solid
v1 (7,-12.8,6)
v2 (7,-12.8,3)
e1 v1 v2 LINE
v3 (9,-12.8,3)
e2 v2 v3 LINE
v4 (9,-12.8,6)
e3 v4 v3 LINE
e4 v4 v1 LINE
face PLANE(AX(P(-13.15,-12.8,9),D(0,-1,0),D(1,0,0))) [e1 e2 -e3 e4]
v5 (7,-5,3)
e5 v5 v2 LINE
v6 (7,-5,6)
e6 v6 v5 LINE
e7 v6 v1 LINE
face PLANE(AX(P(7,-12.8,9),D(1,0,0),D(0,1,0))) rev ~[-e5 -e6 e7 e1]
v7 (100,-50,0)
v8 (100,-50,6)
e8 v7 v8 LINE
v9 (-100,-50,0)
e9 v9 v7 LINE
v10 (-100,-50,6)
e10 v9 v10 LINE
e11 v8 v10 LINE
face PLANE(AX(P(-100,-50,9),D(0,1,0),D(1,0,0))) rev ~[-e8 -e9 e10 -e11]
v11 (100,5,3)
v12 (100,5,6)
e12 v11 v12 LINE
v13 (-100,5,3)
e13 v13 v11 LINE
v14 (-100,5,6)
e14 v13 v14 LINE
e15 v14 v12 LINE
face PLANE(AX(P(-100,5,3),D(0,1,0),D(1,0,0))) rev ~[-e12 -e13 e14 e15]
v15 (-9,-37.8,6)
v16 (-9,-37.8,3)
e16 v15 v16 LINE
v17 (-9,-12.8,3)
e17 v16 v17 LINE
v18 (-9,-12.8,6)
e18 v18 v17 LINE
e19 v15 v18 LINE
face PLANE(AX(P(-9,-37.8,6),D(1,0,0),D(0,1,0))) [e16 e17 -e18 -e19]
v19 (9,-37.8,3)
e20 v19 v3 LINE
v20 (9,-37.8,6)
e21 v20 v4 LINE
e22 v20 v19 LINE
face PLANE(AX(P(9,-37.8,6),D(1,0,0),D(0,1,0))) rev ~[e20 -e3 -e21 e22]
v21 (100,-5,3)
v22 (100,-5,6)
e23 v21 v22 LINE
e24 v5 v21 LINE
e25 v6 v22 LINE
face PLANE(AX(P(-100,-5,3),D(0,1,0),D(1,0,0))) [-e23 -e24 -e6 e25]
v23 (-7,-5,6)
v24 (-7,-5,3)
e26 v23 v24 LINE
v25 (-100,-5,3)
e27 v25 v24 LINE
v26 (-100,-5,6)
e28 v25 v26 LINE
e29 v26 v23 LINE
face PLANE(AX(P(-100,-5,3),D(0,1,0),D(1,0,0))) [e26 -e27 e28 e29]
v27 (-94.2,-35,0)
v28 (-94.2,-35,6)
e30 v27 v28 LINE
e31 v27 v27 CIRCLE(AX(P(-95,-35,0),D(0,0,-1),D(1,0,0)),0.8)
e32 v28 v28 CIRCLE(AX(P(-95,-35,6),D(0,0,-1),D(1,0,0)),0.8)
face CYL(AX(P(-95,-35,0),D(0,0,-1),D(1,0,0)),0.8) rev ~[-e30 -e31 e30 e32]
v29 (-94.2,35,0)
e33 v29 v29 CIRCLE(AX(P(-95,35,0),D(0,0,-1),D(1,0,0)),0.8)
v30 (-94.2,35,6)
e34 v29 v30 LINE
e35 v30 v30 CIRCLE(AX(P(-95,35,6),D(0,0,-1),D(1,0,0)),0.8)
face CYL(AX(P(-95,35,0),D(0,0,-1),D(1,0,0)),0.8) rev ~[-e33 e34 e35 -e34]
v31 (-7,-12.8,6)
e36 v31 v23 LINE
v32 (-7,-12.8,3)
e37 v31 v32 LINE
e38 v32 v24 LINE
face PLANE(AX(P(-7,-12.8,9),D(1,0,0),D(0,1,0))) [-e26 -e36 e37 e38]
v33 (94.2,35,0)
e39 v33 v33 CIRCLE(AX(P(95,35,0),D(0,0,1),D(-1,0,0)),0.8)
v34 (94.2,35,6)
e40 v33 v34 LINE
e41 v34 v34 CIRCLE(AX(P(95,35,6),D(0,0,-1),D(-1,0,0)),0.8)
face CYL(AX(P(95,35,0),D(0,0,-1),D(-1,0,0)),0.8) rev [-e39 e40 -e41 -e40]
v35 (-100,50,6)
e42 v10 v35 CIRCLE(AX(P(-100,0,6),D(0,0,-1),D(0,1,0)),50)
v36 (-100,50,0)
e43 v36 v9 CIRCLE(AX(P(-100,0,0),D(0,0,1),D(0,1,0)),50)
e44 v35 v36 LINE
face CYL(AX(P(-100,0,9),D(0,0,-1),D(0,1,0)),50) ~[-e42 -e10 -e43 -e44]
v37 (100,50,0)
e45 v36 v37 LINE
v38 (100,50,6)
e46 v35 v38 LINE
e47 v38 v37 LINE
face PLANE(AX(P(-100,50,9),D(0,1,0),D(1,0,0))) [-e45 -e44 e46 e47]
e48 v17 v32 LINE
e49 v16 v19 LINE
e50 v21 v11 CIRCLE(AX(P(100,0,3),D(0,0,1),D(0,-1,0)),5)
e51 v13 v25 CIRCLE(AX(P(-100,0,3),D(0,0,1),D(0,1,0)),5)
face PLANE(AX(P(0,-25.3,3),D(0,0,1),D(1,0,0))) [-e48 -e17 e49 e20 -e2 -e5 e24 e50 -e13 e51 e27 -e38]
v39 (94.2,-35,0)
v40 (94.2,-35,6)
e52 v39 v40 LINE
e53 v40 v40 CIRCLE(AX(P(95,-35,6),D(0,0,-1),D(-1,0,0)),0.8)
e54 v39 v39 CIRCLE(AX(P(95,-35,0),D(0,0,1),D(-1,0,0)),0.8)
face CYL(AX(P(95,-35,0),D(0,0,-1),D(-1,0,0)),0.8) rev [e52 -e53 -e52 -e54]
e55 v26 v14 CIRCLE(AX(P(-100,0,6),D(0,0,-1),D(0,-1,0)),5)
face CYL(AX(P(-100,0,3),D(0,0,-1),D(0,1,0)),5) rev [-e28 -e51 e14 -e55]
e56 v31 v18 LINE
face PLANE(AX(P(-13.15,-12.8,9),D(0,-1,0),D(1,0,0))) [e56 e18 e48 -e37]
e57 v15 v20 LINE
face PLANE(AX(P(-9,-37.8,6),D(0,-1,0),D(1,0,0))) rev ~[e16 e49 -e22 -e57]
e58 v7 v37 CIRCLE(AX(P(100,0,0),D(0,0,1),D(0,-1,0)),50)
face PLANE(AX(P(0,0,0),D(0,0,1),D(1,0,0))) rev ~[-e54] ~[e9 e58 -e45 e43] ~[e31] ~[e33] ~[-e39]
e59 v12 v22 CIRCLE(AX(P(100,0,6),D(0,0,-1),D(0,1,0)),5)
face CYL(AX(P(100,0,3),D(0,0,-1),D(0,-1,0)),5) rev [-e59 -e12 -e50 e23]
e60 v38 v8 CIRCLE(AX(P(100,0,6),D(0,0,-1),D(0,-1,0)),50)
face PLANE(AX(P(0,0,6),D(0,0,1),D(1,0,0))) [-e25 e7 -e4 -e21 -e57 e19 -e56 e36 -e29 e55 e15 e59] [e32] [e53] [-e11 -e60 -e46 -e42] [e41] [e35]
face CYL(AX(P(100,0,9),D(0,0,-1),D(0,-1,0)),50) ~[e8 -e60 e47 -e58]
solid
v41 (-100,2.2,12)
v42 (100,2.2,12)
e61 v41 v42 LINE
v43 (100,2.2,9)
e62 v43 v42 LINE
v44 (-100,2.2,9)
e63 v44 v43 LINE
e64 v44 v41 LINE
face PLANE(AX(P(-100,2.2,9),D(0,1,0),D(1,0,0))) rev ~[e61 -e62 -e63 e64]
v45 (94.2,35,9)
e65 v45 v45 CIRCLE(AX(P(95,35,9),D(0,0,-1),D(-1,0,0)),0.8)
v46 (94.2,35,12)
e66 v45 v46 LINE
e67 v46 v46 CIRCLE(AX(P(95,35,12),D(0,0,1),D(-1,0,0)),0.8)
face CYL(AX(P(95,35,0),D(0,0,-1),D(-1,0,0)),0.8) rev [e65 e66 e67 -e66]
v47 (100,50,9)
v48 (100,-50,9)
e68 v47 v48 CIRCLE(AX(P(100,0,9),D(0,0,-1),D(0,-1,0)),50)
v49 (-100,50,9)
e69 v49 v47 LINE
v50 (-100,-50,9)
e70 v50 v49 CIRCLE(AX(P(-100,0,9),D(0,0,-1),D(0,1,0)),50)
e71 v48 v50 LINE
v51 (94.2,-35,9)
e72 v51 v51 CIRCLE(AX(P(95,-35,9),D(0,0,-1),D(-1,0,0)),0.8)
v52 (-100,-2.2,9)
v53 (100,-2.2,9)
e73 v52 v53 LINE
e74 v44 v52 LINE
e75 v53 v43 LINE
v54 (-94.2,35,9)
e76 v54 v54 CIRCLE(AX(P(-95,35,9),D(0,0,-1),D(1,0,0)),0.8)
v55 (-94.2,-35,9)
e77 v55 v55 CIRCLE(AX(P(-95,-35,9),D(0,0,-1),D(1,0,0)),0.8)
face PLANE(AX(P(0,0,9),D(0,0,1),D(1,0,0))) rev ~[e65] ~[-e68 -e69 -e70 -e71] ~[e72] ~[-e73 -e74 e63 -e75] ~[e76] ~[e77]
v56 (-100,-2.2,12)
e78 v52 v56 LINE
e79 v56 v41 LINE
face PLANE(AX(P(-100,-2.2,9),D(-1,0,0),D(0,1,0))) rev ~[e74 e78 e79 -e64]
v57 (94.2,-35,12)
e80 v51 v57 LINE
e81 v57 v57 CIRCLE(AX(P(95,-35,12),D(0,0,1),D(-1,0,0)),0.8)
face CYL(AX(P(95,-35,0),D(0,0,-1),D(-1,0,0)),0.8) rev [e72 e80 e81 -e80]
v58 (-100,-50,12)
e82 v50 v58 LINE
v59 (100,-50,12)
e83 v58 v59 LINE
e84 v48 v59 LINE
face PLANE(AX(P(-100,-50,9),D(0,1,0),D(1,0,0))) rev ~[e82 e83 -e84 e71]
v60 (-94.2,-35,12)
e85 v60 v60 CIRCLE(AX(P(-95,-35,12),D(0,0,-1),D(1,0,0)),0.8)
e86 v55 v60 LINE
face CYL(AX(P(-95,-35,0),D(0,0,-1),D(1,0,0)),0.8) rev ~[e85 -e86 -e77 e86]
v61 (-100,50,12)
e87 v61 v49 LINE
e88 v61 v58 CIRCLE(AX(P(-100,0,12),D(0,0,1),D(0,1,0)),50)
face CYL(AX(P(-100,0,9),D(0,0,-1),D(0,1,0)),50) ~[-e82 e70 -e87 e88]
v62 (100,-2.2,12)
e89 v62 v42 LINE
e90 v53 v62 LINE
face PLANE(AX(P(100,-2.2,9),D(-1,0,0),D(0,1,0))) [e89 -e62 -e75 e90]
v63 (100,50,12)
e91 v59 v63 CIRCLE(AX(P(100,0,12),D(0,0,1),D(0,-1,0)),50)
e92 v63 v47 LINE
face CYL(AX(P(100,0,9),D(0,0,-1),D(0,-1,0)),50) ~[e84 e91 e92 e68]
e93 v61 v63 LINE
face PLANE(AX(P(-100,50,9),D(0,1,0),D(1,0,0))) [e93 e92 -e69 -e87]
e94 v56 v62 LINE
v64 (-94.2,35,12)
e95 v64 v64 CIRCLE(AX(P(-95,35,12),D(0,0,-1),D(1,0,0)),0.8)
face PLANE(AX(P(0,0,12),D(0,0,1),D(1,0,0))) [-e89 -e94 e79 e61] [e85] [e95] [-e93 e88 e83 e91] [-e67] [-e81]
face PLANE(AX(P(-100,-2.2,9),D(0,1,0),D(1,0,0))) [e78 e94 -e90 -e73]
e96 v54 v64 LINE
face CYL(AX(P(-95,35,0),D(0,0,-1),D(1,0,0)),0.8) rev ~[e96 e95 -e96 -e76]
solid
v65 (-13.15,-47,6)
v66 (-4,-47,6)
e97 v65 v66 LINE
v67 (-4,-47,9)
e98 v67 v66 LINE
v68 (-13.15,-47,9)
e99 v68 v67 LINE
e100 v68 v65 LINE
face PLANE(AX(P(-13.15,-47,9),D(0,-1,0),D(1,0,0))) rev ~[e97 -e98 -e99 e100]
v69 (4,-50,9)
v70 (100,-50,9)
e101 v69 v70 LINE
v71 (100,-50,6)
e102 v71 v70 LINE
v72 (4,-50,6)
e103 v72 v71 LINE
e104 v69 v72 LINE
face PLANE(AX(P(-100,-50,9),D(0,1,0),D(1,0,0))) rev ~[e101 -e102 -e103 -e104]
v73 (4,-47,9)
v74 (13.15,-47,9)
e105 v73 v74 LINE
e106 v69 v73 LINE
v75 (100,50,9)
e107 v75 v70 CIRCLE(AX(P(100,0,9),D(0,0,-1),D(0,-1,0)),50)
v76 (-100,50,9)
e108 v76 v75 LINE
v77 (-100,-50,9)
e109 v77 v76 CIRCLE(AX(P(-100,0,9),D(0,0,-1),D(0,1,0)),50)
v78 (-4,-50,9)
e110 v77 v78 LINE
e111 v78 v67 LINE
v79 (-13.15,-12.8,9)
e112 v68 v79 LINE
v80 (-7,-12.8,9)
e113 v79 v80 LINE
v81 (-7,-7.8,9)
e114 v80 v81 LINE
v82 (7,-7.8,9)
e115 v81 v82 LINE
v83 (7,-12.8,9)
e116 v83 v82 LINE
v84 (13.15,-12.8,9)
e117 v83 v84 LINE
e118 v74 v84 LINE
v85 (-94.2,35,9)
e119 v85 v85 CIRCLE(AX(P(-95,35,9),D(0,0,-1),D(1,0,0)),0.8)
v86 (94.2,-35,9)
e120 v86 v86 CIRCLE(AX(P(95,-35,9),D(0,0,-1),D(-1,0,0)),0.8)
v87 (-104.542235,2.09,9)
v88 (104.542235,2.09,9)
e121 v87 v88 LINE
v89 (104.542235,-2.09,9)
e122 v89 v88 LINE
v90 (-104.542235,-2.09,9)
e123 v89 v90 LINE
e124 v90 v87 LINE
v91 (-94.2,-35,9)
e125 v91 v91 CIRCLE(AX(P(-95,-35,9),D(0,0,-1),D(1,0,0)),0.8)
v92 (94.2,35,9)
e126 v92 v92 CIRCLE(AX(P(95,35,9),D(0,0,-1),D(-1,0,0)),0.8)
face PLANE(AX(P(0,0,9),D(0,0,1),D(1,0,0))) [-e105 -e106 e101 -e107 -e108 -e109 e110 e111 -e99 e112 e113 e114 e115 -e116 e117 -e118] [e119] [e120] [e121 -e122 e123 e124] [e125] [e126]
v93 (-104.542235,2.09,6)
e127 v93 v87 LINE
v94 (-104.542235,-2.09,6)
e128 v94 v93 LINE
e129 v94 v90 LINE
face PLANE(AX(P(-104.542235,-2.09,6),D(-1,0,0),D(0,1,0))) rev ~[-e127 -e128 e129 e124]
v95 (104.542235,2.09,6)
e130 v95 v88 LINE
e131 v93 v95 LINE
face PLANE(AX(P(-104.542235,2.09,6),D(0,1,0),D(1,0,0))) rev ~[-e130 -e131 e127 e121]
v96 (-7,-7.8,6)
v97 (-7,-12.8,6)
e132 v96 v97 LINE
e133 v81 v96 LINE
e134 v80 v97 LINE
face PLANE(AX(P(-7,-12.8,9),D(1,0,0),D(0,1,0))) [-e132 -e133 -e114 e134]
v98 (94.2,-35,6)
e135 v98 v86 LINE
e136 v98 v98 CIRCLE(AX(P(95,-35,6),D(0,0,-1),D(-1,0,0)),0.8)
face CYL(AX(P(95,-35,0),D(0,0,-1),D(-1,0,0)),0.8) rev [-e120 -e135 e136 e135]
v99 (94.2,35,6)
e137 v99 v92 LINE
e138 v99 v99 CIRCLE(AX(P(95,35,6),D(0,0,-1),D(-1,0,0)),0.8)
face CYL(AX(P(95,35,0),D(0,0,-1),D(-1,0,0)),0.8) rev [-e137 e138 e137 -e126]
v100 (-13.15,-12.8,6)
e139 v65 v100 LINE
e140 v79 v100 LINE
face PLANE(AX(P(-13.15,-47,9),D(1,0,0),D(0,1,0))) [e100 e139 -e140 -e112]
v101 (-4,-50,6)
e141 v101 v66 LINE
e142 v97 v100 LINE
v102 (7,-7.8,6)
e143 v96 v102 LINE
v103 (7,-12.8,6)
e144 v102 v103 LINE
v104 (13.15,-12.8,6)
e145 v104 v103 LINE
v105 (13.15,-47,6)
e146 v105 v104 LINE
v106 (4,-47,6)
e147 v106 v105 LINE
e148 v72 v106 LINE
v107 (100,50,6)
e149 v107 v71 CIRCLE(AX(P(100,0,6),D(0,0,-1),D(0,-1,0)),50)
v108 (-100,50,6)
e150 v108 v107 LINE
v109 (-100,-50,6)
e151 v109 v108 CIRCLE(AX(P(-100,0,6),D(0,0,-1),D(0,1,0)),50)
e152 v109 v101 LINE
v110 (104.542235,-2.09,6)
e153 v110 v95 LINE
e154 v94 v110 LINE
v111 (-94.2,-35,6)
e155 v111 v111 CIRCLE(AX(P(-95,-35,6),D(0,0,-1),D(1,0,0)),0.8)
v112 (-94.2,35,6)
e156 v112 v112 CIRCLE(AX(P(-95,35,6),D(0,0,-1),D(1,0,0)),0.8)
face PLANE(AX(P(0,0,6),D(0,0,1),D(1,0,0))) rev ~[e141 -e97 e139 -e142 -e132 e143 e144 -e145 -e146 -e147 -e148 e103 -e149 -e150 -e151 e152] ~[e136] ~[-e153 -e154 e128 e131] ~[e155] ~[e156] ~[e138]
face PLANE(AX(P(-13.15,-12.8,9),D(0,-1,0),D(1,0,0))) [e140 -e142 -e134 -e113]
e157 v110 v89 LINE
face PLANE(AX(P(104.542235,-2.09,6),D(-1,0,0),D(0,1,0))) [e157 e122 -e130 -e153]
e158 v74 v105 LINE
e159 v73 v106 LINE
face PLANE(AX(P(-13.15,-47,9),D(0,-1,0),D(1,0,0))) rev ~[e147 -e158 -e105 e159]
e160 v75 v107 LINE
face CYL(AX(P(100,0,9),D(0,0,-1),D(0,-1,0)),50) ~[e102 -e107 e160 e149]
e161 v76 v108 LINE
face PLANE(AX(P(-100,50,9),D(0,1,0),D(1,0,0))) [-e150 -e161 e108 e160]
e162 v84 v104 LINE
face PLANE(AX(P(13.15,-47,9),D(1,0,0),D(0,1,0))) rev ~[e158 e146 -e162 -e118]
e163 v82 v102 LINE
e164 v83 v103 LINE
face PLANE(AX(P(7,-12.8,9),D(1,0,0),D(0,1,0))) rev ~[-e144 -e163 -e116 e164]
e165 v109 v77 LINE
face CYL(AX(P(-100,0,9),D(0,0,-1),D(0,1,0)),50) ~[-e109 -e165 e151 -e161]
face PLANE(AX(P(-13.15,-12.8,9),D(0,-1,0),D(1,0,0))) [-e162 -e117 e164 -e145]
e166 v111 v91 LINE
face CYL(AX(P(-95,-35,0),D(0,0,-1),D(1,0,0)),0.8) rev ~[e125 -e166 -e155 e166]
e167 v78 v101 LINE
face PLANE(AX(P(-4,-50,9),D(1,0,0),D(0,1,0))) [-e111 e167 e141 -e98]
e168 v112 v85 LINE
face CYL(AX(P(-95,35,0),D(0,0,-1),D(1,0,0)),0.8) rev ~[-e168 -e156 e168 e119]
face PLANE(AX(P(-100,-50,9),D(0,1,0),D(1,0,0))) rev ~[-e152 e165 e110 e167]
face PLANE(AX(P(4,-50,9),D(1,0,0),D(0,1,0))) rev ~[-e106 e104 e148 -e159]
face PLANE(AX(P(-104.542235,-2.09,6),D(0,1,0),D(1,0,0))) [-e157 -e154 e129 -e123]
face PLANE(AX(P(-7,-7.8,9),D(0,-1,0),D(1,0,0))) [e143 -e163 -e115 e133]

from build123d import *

# Parameters (mm, degrees)
BOX_BOTTOM_HALF_0_W     = 301.98633
BOX_BOTTOM_HALF_0_H     = 102
BOX_BOTTOM_HALF_0_DEPTH = 7
PAD_DEPTH               = 3
PAD001_DEPTH            = 3
SKETCH002_W             = 209.08447
SKETCH002_H             = 4.18
PAD002_DEPTH            = 3
SKETCH003_W             = 26.3
SKETCH003_H             = 34.2
POCKET_DEPTH            = 3
SKETCH004_W             = 18
SKETCH004_H             = 25
POCKET001_DEPTH         = 3
SKETCH005_W             = 14
SKETCH005_H             = 5
POCKET002_DEPTH         = 6
SKETCH006_W             = 14
SKETCH006_H             = 3
POCKET003_DEPTH         = 3
SKETCH007_W             = 8
SKETCH007_H             = 3
POCKET004_DEPTH         = 3
SKETCH008_W             = 200
SKETCH008_H             = 4.4
PAD003_DEPTH            = 3
SKETCH009_R             = 0.8
POCKET005_DEPTH         = 12
BOX_BOTTOM_HALF_1_W     = 301.98633
BOX_BOTTOM_HALF_1_H     = 102
BOX_BOTTOM_HALF_1_DEPTH = 4


with BuildPart() as box_bottom_half_0_body:
    # box_bottom_half_0 → box_bottom_half_0 (new body)
    with BuildSketch(Plane(origin=(-150.993165, -51, -1), x_dir=(1, 0, 0), z_dir=(0, 0, 1))):
        with Locations((150.993165, 51)):
            Rectangle(BOX_BOTTOM_HALF_0_W, BOX_BOTTOM_HALF_0_H)
    extrude(amount=BOX_BOTTOM_HALF_0_DEPTH)


with BuildPart() as body:
    # Sketch → Pad (new body)
    with BuildSketch(Plane.XY):
        with BuildLine():
            ThreePointArc((-100, 50), (-150, 0), (-100, -50))
            Line((-100, -50), (100, -50))
            ThreePointArc((100, -50), (150, 0), (100, 50))
            Line((-100, 50), (100, 50))
        make_face()
    extrude(amount=PAD_DEPTH)

    # Sketch001 (on Face6 of Pad) → Pad001 (join)
    with BuildSketch(Plane.XY.offset(3)):
        with BuildLine():
            ThreePointArc((-100, 50), (-150, 0), (-100, -50))
            Line((-100, -50), (100, -50))
            ThreePointArc((100, -50), (150, 0), (100, 50))
            Line((-100, 50), (100, 50))
        make_face()
        with BuildLine():
            ThreePointArc((-100, 5), (-105, 0), (-100, -5))
            Line((-100, -5), (100, -5))
            ThreePointArc((100, -5), (105, 0), (100, 5))
            Line((-100, 5), (100, 5))
        make_face(mode=Mode.SUBTRACT)
    extrude(amount=PAD001_DEPTH)

    # Sketch002 (on Face9 of Pad001) → Pad002 (join)
    with BuildSketch(Plane.XY.offset(6)):
        with BuildLine():
            ThreePointArc((-100, 50), (-150, 0), (-100, -50))
            Line((-100, -50), (100, -50))
            ThreePointArc((100, -50), (150, 0), (100, 50))
            Line((-100, 50), (100, 50))
        make_face()
        Rectangle(SKETCH002_W, SKETCH002_H, mode=Mode.SUBTRACT)
    extrude(amount=PAD002_DEPTH)

    # Sketch003 (on Face13 of Pad002) → Pocket (cut)
    with BuildSketch(Plane.XY.offset(9)):
        with Locations((0, -29.9)):
            Rectangle(SKETCH003_W, SKETCH003_H)
    extrude(amount=-POCKET_DEPTH, mode=Mode.SUBTRACT)

    # Sketch004 (on Face27 of Pocket) → Pocket001 (cut)
    with BuildSketch(Plane.XY.offset(6)):
        with Locations((0, -25.3)):
            Rectangle(SKETCH004_W, SKETCH004_H)
    extrude(amount=-POCKET001_DEPTH, mode=Mode.SUBTRACT)

    # Sketch005 (on Face13 of Pocket001) → Pocket002 (cut)
    with BuildSketch(Plane.XY.offset(9)):
        with Locations((0, -10.3)):
            Rectangle(SKETCH005_W, SKETCH005_H)
    extrude(amount=-POCKET002_DEPTH, mode=Mode.SUBTRACT)

    # Sketch006 (on Face23 of Pocket002) → Pocket003 (cut)
    with BuildSketch(Plane.XZ.offset(7.8)):
        with Locations((0, 4.5)):
            Rectangle(SKETCH006_W, SKETCH006_H)
    extrude(amount=-POCKET003_DEPTH, mode=Mode.SUBTRACT)

    # Sketch007 (on Face13 of Pocket003) → Pocket004 (cut)
    with BuildSketch(Plane.XY.offset(9)):
        with Locations((0, -48.5)):
            Rectangle(SKETCH007_W, SKETCH007_H)
    extrude(amount=-POCKET004_DEPTH, mode=Mode.SUBTRACT)

    # Sketch008 (on Face15 of Pocket004) → Pad003 (join)
    with BuildSketch(Plane.XY.offset(9)):
        with BuildLine():
            ThreePointArc((-100, 50), (-150, 0), (-100, -50))
            Line((-100, -50), (100, -50))
            ThreePointArc((100, -50), (150, 0), (100, 50))
            Line((-100, 50), (100, 50))
        make_face()
        Rectangle(SKETCH008_W, SKETCH008_H, mode=Mode.SUBTRACT)
    extrude(amount=PAD003_DEPTH)

    # Sketch009 (on Face4 of Pad003) → Pocket005 (cut)
    with BuildSketch(Plane(origin=(0, 0, 0), x_dir=(1, 0, 0), z_dir=(0, 0, -1))):
        with Locations((-95, 35)):
            Circle(SKETCH009_R)
        with Locations((-95, -35)):
            Circle(SKETCH009_R)
    pocket005 = extrude(amount=-POCKET005_DEPTH, mode=Mode.SUBTRACT)

    # Mirrored: Pocket005 across Sketch009 V_Axis
    add(pocket005.mirror(Plane(origin=(0, 0, 0), x_dir=(0, 0, -1), z_dir=(1, 0, 0))), mode=Mode.SUBTRACT)


with BuildPart() as bottom_half_0_body:
    # bottom_half_0 base: copy of Body
    add(body.part)

    # bottom_half_0: intersect box_bottom_half_0 body
    add(box_bottom_half_0_body.part, mode=Mode.INTERSECT)


with BuildPart() as box_bottom_half_1_body:
    # box_bottom_half_1 → box_bottom_half_1 (new body)
    with BuildSketch(Plane(origin=(-150.993165, -51, 5), x_dir=(1, 0, 0), z_dir=(0, 0, 1))):
        with Locations((150.993165, 51)):
            Rectangle(BOX_BOTTOM_HALF_1_W, BOX_BOTTOM_HALF_1_H)
    extrude(amount=BOX_BOTTOM_HALF_1_DEPTH)


with BuildPart() as top_half_0_body:
    # top_half_0 base: copy of Body
    add(body.part)

    # top_half_0: cut box_bottom_half_0 body
    add(box_bottom_half_0_body.part, mode=Mode.SUBTRACT)


with BuildPart() as bottom_half_1_body:
    # bottom_half_1 base: copy of top_half_0 body
    add(top_half_0_body.part)

    # bottom_half_1: intersect box_bottom_half_1 body
    add(box_bottom_half_1_body.part, mode=Mode.INTERSECT)


with BuildPart() as top_half_1_body:
    # top_half_1 base: copy of top_half_0 body
    add(top_half_0_body.part)

    # top_half_1: cut box_bottom_half_1 body
    add(box_bottom_half_1_body.part, mode=Mode.SUBTRACT)


solid = Compound([bottom_half_0_body.part, bottom_half_1_body.part, top_half_1_body.part])
